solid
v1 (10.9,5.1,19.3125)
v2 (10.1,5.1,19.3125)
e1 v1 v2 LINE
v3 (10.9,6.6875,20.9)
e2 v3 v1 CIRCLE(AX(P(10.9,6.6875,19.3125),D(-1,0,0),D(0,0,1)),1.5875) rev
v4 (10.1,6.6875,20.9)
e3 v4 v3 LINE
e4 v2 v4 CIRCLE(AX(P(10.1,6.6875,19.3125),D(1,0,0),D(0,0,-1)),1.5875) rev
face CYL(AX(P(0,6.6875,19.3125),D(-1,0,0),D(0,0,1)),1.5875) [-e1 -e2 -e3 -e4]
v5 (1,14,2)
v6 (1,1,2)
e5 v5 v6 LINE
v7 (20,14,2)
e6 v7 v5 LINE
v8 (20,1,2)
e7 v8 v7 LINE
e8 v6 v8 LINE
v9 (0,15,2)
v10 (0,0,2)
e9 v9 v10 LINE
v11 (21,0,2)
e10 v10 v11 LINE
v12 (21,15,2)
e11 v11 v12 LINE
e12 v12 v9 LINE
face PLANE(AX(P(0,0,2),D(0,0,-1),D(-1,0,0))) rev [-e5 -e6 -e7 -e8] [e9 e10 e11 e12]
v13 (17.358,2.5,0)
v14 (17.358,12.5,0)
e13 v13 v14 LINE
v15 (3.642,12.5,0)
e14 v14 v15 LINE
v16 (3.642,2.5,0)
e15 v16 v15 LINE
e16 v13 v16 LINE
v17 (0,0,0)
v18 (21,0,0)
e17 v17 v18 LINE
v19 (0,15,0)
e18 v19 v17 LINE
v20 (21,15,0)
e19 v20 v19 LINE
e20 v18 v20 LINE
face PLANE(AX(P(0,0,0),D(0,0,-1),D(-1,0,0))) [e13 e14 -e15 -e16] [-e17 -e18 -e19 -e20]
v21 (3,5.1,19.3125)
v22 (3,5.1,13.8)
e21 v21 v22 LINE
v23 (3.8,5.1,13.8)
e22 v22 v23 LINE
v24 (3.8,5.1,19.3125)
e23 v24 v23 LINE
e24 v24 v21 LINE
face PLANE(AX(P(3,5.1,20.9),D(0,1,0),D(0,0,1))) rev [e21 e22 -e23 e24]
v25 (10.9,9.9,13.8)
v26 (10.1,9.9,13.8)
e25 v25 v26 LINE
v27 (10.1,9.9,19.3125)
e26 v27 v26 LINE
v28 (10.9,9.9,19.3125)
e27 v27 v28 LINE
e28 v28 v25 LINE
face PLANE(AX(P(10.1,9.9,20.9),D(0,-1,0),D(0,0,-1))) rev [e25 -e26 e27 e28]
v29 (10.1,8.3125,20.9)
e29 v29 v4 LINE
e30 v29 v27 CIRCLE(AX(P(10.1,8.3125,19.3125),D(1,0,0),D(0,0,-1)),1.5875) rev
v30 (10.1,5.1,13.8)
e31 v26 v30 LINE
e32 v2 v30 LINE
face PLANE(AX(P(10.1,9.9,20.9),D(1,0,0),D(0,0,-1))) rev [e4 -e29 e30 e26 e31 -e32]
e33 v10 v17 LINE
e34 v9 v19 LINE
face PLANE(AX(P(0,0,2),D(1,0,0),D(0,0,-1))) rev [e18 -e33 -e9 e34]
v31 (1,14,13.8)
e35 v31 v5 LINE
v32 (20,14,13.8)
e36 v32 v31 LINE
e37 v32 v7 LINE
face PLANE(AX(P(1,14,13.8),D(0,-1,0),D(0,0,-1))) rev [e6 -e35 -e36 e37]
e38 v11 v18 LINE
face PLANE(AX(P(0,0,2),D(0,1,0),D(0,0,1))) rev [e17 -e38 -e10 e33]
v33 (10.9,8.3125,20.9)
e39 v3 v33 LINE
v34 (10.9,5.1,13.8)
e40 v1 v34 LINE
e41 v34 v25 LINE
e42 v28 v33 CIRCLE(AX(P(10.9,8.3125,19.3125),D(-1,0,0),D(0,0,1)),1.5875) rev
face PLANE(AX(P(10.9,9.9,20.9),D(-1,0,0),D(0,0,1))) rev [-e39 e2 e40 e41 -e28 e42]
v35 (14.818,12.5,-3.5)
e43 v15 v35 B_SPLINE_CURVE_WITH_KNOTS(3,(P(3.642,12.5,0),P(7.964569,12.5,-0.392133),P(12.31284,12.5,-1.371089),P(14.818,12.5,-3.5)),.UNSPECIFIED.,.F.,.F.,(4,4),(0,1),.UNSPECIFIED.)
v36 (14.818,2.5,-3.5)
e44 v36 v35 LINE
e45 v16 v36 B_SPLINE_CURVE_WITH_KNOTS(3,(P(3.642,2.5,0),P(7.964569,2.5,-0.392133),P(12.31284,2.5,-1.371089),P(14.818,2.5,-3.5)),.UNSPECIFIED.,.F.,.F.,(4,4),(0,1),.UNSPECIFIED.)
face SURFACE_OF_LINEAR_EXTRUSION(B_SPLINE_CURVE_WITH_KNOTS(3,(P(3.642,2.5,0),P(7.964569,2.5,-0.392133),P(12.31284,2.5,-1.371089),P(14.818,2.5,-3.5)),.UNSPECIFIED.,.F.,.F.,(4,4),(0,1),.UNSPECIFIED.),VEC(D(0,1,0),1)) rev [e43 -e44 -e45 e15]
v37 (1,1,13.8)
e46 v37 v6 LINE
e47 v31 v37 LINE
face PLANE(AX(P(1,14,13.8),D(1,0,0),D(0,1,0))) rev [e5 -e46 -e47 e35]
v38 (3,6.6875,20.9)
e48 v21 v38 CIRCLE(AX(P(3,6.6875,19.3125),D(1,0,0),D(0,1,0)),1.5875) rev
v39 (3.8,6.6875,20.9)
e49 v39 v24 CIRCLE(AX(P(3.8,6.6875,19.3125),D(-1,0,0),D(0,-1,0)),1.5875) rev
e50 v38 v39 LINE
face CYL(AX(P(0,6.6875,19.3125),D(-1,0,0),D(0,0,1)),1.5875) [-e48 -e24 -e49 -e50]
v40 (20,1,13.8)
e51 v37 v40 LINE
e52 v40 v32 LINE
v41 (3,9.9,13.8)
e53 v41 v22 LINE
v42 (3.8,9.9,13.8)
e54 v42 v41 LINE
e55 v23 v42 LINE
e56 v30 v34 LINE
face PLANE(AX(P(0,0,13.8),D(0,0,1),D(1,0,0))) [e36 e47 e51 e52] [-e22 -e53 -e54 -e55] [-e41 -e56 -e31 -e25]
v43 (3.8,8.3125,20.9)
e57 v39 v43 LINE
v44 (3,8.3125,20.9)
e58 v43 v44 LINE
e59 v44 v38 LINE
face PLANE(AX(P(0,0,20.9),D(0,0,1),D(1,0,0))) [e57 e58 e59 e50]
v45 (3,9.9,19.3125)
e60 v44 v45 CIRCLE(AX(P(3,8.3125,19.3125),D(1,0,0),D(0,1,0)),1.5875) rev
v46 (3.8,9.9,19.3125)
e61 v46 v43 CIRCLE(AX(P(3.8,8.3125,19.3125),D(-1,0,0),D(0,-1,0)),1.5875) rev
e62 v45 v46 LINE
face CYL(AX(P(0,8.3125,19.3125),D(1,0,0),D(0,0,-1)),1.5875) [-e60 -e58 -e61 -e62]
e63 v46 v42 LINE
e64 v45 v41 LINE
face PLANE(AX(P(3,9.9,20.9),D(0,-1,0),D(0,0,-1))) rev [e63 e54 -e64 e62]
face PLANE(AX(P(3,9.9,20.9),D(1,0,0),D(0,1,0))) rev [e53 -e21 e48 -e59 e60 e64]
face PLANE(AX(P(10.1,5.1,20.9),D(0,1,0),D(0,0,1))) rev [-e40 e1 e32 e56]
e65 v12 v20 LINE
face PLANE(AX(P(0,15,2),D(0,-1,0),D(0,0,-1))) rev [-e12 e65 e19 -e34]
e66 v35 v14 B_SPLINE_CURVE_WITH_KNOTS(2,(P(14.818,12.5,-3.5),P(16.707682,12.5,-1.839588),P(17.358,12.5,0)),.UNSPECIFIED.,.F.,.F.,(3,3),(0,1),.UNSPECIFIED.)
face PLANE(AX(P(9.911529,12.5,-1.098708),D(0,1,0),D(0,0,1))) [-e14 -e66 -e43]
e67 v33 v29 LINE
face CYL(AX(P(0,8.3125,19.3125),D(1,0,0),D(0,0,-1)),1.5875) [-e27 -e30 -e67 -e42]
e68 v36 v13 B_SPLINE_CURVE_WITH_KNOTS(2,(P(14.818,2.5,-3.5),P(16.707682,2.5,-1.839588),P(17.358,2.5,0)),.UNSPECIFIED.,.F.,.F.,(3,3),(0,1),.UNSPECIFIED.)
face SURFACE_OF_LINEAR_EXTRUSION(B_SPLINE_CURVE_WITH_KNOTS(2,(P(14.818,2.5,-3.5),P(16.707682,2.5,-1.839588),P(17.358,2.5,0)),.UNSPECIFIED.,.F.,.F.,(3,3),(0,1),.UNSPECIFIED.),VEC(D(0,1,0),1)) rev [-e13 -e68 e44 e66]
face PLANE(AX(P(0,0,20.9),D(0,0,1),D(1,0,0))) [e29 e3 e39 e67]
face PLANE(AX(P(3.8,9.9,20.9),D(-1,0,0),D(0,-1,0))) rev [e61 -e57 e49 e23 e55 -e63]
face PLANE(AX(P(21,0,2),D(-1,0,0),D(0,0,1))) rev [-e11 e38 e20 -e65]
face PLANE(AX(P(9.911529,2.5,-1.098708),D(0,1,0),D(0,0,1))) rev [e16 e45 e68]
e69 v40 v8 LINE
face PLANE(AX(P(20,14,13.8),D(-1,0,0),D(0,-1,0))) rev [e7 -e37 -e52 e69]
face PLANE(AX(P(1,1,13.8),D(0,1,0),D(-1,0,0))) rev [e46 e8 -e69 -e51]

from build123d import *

# Parameters (mm, degrees)
SKETCH1_W           = 21
SKETCH1_H           = 15
BOSS_EXTRUDE1_DEPTH = 2
BOSS_EXTRUDE2_DEPTH = 5
SKETCH3_W           = 19
SKETCH3_H           = 13
BOSS_EXTRUDE3_DEPTH = 11.8
SKETCH4_W           = 0.8
SKETCH4_H           = 4.8
BOSS_EXTRUDE4_DEPTH = 7.1
FILLET1_R           = 1.5875


with BuildPart() as part:
    # Sketch1 → Boss-Extrude1 (new body)
    with BuildSketch(Plane.XY):
        with Locations((10.5, 7.5)):
            Rectangle(SKETCH1_W, SKETCH1_H)
    extrude(amount=BOSS_EXTRUDE1_DEPTH)

    # Sketch2 → Boss-Extrude2 (add, symmetric)
    with BuildSketch(Plane(origin=(0, 7.5, 0), x_dir=(-1, 0, 0), z_dir=(0, -1, 0))):
        with BuildLine():
            Line((-14.818, 0), (-17.358, 0))
            add(Edge.make_bspline(
                [(-17.358, 0), (-16.707682386, 1.839588495), (-14.818, 3.5)],
                knots=[0, 0, 0, 1, 1, 1], degree=2))
            add(Edge.make_bspline(
                [(-14.818, 3.5), (-12.312840272, 1.371089101), (-7.964569246, 0.392132644), (-3.642, 0)],
                knots=[0, 0, 0, 0, 1, 1, 1, 1], degree=3))
            Line((-3.642, 0), (-14.818, 0))
        make_face()
    extrude(amount=BOSS_EXTRUDE2_DEPTH, both=True)

    # Sketch3 → Boss-Extrude3 (add)
    with BuildSketch(Plane.XY.offset(2)):
        with Locations((10.5, 7.5)):
            Rectangle(SKETCH3_W, SKETCH3_H)
    extrude(amount=BOSS_EXTRUDE3_DEPTH)

    # Sketch4 → Boss-Extrude4 (add)
    with BuildSketch(Plane.XY.offset(13.8)):
        with Locations((3.4, 7.5)):
            Rectangle(SKETCH4_W, SKETCH4_H)
        with Locations((10.5, 7.5)):
            Rectangle(SKETCH4_W, SKETCH4_H)
    extrude(amount=BOSS_EXTRUDE4_DEPTH)

    # Fillet1
    fillet1_edges = [part.edges().sort_by_distance(p)[0] for p in [
        (3.4, 5.1, 20.9),
        (3.4, 9.9, 20.9),
        (10.5, 5.1, 20.9),
        (10.5, 9.9, 20.9),
    ]]
    fillet(fillet1_edges, radius=FILLET1_R)


solid = part.part
